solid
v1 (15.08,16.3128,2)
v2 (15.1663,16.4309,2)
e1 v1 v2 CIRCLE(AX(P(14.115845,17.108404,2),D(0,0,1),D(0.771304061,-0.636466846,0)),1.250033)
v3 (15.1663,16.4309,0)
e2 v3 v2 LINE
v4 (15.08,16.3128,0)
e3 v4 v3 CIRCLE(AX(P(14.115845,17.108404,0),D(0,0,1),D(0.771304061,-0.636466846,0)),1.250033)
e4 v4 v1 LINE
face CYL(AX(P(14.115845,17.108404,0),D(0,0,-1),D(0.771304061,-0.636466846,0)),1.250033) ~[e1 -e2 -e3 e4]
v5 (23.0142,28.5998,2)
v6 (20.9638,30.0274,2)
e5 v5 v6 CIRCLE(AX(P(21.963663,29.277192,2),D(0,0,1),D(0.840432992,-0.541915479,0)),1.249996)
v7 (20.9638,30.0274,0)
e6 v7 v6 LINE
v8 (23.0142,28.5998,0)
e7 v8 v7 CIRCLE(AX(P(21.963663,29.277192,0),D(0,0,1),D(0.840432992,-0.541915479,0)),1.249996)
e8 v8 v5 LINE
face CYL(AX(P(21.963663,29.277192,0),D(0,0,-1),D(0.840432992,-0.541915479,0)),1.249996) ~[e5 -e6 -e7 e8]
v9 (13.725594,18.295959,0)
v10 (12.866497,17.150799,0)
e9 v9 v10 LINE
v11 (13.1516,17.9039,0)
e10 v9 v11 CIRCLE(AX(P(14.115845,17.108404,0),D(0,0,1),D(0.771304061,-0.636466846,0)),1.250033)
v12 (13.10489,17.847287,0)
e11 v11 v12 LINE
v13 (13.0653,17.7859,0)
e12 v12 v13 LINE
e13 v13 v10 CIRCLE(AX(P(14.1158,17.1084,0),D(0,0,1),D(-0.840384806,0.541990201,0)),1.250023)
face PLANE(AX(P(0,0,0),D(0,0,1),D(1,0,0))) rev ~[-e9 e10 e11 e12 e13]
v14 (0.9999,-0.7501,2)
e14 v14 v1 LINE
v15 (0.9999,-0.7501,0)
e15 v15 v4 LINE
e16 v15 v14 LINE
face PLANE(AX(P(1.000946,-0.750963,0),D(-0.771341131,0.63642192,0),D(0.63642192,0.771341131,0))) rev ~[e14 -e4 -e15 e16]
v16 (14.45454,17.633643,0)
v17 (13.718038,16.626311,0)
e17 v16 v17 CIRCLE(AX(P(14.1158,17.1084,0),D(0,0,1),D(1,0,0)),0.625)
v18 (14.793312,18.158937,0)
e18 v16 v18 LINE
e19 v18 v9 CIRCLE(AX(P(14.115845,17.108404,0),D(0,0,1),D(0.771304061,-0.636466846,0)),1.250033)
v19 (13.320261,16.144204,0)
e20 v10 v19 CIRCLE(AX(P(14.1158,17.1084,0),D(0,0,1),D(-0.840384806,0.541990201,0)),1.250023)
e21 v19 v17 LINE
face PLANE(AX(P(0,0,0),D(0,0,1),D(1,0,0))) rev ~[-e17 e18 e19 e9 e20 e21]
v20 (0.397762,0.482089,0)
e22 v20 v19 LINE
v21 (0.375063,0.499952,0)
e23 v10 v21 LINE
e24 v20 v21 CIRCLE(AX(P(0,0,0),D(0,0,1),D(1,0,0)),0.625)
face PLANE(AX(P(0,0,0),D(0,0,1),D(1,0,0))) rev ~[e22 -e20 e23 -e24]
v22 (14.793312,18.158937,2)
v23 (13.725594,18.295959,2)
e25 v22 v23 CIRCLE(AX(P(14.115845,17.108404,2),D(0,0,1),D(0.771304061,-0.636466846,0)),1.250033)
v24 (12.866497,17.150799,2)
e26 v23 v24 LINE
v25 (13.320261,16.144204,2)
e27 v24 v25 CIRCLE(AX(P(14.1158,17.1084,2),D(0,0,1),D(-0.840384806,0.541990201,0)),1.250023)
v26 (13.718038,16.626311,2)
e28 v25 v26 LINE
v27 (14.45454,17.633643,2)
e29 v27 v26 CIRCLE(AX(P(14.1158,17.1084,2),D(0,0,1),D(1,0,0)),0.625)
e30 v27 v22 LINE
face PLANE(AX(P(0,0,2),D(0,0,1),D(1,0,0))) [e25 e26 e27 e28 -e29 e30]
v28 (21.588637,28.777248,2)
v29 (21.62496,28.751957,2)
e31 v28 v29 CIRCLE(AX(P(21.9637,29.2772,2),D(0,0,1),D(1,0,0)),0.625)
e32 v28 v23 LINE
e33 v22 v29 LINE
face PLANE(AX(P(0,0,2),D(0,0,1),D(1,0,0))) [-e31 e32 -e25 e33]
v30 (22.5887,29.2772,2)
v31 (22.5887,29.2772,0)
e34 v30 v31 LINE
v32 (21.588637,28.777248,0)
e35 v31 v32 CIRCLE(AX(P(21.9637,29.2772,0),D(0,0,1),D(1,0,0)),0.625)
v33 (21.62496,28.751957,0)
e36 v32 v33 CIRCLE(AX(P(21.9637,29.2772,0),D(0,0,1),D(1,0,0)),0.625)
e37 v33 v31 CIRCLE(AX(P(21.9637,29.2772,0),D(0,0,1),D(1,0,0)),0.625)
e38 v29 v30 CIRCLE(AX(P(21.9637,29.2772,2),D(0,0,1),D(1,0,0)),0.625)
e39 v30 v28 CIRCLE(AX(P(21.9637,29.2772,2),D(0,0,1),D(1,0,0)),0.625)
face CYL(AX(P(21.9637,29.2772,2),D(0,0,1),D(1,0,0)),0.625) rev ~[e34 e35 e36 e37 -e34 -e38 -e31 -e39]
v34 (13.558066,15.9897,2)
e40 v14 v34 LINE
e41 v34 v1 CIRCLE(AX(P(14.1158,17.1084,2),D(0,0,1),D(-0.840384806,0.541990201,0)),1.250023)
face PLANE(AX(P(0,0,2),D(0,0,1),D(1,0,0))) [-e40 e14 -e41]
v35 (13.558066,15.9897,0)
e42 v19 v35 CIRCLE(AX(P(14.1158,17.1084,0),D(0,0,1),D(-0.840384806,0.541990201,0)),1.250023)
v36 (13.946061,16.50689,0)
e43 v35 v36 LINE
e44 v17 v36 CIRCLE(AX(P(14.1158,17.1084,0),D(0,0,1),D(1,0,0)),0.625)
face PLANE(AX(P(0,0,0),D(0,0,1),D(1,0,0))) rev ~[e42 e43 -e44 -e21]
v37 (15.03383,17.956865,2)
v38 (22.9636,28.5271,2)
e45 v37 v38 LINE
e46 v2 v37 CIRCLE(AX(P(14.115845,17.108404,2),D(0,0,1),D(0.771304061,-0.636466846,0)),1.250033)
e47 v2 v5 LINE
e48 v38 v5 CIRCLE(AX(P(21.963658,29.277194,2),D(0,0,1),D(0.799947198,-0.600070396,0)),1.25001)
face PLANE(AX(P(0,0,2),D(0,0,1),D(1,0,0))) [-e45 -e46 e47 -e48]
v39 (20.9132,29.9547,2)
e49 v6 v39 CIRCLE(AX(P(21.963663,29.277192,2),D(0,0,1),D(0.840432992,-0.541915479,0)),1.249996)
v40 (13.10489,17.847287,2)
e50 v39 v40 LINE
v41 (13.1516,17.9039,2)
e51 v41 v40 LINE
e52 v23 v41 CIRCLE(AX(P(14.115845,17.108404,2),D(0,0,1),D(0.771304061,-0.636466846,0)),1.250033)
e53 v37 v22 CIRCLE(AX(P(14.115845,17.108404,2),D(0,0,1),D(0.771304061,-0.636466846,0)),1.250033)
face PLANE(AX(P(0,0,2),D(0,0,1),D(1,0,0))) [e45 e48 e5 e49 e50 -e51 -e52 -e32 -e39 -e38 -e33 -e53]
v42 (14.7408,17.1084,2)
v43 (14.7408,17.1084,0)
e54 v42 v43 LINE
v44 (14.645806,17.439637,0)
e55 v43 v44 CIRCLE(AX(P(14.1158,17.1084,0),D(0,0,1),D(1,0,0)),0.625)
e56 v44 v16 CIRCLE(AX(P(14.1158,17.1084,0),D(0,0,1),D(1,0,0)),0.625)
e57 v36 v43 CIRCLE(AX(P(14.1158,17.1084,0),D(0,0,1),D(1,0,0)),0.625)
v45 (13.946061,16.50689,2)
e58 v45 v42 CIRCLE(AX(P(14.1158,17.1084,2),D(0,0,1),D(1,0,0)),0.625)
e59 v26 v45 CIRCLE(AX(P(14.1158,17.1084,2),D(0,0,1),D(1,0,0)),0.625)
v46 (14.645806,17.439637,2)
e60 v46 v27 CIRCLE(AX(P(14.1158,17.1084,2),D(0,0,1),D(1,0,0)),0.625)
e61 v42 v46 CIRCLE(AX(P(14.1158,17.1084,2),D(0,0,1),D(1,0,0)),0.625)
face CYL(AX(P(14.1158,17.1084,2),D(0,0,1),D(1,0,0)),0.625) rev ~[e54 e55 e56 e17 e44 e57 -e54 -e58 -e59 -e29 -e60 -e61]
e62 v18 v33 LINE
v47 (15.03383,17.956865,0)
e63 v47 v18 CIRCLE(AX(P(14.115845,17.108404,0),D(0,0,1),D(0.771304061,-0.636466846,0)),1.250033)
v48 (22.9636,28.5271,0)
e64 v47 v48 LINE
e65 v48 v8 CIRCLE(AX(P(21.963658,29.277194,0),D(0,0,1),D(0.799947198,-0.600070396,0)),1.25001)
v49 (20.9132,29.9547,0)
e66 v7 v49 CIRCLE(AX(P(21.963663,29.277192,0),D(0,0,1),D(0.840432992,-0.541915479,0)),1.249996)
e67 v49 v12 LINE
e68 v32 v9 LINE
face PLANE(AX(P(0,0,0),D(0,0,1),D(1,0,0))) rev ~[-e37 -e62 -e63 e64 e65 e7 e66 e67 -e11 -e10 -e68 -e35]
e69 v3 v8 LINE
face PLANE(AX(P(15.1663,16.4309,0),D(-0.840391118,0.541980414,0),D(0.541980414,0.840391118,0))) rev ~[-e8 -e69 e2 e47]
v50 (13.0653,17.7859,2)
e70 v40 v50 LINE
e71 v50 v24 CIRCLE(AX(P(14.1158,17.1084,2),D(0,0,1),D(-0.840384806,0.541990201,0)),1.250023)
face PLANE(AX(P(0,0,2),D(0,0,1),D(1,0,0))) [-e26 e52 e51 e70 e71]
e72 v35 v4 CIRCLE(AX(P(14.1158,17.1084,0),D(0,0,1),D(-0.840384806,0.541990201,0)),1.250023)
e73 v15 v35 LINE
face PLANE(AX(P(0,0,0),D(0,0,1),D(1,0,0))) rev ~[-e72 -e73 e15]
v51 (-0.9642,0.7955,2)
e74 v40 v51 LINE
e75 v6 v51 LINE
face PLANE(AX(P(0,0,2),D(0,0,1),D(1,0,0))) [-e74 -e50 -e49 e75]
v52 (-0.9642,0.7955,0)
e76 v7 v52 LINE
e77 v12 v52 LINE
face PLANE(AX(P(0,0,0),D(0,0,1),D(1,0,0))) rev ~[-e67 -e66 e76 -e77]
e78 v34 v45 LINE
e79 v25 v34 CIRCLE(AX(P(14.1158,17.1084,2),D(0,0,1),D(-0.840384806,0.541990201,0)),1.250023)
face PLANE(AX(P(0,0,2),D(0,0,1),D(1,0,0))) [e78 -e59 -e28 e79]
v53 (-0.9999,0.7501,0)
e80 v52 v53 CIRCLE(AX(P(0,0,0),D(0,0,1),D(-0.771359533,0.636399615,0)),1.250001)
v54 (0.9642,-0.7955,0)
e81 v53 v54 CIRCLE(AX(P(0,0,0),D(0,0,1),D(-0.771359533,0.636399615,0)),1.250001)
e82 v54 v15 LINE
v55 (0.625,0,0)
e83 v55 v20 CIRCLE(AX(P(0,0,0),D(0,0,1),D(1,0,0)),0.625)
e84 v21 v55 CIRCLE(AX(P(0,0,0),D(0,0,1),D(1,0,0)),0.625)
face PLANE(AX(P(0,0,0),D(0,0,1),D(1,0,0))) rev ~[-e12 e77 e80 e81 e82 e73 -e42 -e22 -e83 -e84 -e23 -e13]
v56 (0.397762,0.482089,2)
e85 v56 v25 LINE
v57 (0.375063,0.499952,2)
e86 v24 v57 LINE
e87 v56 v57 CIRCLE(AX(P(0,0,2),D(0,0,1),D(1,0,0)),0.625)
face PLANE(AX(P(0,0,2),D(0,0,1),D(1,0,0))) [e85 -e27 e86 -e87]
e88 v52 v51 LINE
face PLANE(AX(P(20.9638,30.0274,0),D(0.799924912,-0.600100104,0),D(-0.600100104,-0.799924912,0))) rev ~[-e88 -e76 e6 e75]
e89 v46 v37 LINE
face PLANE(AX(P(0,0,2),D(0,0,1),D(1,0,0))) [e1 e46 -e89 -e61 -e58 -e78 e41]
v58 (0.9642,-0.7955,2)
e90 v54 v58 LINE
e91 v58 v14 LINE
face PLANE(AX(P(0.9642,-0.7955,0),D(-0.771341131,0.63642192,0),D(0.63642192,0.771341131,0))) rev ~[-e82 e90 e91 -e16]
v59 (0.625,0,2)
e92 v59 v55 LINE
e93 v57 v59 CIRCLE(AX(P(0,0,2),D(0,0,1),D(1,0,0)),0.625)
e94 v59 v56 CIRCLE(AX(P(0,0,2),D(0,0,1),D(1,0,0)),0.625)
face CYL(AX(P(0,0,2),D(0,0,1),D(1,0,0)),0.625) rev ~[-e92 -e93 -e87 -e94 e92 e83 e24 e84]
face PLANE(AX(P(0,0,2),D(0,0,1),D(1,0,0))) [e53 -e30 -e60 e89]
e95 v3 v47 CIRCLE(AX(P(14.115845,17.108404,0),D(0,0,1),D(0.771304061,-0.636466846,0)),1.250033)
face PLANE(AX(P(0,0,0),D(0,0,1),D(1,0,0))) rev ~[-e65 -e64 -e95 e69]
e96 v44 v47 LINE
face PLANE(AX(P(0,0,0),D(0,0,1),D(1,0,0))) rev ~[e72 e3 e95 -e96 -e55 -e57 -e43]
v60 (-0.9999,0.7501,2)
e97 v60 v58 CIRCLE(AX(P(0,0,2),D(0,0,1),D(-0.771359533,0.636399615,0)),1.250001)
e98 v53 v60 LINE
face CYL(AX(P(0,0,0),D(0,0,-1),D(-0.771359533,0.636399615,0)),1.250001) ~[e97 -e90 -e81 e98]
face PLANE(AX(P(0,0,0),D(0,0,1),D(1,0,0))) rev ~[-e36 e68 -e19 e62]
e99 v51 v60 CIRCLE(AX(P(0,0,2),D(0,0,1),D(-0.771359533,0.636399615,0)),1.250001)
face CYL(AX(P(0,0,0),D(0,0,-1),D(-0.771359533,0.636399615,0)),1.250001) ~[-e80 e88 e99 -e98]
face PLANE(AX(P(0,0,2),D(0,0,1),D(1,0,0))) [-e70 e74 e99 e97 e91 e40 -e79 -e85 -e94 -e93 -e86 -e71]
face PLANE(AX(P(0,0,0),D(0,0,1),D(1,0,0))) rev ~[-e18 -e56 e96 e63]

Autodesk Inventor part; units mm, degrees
ref_plane "YZ Plane" through (0, 0, 0) normal (1, 0, 0) x (0, 1, 0)
ref_plane "XZ Plane" through (0, 0, 0) normal (0, 1, 0) x (-1, 0, 0)
ref_plane "XY Plane" through (0, 0, 0) normal (0, 0, 1) x (1, 0, 0)
sketch "草圖1" plane through (0, 0, 0) normal (0, 0, 1) x (1, 0, 0)
  line L0 (0, 0) -> (14.1158, 17.1084)
  line L1 (14.1158, 17.1084) -> (21.9637, 29.2772)
  line L2 (21.9637, 29.2772) -> (0, 0)
  line L3 (14.1158, 17.1084) -> (0, 0) construction
  line L4 (13.1516, 17.9039) -> (-0.9642, 0.7955)
  line L5 (0.9642, -0.7955) -> (15.08, 16.3128)
  arc A0 (15.08, 16.3128) -> (13.1516, 17.9039) centre (14.1158, 17.1084) ccw
  arc A1 (-0.9642, 0.7955) -> (0.9642, -0.7955) centre (0, 0) ccw
  line L6 (21.9637, 29.2772) -> (14.1158, 17.1084) construction
  line L7 (20.9132, 29.9547) -> (13.0653, 17.7859)
  line L8 (15.1663, 16.4309) -> (23.0142, 28.5998)
  arc A2 (23.0142, 28.5998) -> (20.9132, 29.9547) centre (21.9637, 29.2772) ccw
  arc A3 (13.0653, 17.7859) -> (15.1663, 16.4309) centre (14.1158, 17.1084) ccw
  line L9 (21.9637, 29.2772) -> (0, 0) construction
  line L10 (20.9638, 30.0274) -> (-0.9999, 0.7501)
  line L11 (0.9999, -0.7501) -> (22.9636, 28.5271)
  arc A4 (22.9636, 28.5271) -> (20.9638, 30.0274) centre (21.9637, 29.2772) ccw
  arc A5 (-0.9999, 0.7501) -> (0.9999, -0.7501) centre (0, 0) ccw
  point P0 (7.0579, 8.5542)
  point P1 (18.0397, 23.1928)
  point P2 (10.9818, 14.6386)
  dimension "d0" = 22.18
  dimension "d1" = 14.48
  dimension "d2" = 36.6
  dimension "d3" = 2.5
  dimension "d4" = 2.5
  dimension "d5" = 2.5
extrude "擠出1" add sketch "草圖1" along normal blind 2
sketch "草圖2" plane through (0, 0, 2) normal (0, 0, 1) x (1, 0, 0)
  arc A0 (15.08, 16.3128) -> (15.1663, 16.4309) centre (14.1158, 17.1084) ccw projected
  arc A1 (23.0142, 28.5998) -> (20.9638, 30.0274) centre (21.9637, 29.2772) ccw projected
  arc A2 (-0.9999, 0.7501) -> (0.9642, -0.7955) centre (0, 0) ccw projected
  circle A3 centre (14.1158, 17.1084) radius 0.625
  circle A4 centre (21.9637, 29.2772) radius 0.625
  circle A5 centre (0, 0) radius 0.625
  dimension "d8" = 1.25
  dimension "d9" = 1.25
  dimension "d10" = 1.25
extrude "擠出2" cut sketch "草圖2" against normal blind 2
properties part number "1-3"
